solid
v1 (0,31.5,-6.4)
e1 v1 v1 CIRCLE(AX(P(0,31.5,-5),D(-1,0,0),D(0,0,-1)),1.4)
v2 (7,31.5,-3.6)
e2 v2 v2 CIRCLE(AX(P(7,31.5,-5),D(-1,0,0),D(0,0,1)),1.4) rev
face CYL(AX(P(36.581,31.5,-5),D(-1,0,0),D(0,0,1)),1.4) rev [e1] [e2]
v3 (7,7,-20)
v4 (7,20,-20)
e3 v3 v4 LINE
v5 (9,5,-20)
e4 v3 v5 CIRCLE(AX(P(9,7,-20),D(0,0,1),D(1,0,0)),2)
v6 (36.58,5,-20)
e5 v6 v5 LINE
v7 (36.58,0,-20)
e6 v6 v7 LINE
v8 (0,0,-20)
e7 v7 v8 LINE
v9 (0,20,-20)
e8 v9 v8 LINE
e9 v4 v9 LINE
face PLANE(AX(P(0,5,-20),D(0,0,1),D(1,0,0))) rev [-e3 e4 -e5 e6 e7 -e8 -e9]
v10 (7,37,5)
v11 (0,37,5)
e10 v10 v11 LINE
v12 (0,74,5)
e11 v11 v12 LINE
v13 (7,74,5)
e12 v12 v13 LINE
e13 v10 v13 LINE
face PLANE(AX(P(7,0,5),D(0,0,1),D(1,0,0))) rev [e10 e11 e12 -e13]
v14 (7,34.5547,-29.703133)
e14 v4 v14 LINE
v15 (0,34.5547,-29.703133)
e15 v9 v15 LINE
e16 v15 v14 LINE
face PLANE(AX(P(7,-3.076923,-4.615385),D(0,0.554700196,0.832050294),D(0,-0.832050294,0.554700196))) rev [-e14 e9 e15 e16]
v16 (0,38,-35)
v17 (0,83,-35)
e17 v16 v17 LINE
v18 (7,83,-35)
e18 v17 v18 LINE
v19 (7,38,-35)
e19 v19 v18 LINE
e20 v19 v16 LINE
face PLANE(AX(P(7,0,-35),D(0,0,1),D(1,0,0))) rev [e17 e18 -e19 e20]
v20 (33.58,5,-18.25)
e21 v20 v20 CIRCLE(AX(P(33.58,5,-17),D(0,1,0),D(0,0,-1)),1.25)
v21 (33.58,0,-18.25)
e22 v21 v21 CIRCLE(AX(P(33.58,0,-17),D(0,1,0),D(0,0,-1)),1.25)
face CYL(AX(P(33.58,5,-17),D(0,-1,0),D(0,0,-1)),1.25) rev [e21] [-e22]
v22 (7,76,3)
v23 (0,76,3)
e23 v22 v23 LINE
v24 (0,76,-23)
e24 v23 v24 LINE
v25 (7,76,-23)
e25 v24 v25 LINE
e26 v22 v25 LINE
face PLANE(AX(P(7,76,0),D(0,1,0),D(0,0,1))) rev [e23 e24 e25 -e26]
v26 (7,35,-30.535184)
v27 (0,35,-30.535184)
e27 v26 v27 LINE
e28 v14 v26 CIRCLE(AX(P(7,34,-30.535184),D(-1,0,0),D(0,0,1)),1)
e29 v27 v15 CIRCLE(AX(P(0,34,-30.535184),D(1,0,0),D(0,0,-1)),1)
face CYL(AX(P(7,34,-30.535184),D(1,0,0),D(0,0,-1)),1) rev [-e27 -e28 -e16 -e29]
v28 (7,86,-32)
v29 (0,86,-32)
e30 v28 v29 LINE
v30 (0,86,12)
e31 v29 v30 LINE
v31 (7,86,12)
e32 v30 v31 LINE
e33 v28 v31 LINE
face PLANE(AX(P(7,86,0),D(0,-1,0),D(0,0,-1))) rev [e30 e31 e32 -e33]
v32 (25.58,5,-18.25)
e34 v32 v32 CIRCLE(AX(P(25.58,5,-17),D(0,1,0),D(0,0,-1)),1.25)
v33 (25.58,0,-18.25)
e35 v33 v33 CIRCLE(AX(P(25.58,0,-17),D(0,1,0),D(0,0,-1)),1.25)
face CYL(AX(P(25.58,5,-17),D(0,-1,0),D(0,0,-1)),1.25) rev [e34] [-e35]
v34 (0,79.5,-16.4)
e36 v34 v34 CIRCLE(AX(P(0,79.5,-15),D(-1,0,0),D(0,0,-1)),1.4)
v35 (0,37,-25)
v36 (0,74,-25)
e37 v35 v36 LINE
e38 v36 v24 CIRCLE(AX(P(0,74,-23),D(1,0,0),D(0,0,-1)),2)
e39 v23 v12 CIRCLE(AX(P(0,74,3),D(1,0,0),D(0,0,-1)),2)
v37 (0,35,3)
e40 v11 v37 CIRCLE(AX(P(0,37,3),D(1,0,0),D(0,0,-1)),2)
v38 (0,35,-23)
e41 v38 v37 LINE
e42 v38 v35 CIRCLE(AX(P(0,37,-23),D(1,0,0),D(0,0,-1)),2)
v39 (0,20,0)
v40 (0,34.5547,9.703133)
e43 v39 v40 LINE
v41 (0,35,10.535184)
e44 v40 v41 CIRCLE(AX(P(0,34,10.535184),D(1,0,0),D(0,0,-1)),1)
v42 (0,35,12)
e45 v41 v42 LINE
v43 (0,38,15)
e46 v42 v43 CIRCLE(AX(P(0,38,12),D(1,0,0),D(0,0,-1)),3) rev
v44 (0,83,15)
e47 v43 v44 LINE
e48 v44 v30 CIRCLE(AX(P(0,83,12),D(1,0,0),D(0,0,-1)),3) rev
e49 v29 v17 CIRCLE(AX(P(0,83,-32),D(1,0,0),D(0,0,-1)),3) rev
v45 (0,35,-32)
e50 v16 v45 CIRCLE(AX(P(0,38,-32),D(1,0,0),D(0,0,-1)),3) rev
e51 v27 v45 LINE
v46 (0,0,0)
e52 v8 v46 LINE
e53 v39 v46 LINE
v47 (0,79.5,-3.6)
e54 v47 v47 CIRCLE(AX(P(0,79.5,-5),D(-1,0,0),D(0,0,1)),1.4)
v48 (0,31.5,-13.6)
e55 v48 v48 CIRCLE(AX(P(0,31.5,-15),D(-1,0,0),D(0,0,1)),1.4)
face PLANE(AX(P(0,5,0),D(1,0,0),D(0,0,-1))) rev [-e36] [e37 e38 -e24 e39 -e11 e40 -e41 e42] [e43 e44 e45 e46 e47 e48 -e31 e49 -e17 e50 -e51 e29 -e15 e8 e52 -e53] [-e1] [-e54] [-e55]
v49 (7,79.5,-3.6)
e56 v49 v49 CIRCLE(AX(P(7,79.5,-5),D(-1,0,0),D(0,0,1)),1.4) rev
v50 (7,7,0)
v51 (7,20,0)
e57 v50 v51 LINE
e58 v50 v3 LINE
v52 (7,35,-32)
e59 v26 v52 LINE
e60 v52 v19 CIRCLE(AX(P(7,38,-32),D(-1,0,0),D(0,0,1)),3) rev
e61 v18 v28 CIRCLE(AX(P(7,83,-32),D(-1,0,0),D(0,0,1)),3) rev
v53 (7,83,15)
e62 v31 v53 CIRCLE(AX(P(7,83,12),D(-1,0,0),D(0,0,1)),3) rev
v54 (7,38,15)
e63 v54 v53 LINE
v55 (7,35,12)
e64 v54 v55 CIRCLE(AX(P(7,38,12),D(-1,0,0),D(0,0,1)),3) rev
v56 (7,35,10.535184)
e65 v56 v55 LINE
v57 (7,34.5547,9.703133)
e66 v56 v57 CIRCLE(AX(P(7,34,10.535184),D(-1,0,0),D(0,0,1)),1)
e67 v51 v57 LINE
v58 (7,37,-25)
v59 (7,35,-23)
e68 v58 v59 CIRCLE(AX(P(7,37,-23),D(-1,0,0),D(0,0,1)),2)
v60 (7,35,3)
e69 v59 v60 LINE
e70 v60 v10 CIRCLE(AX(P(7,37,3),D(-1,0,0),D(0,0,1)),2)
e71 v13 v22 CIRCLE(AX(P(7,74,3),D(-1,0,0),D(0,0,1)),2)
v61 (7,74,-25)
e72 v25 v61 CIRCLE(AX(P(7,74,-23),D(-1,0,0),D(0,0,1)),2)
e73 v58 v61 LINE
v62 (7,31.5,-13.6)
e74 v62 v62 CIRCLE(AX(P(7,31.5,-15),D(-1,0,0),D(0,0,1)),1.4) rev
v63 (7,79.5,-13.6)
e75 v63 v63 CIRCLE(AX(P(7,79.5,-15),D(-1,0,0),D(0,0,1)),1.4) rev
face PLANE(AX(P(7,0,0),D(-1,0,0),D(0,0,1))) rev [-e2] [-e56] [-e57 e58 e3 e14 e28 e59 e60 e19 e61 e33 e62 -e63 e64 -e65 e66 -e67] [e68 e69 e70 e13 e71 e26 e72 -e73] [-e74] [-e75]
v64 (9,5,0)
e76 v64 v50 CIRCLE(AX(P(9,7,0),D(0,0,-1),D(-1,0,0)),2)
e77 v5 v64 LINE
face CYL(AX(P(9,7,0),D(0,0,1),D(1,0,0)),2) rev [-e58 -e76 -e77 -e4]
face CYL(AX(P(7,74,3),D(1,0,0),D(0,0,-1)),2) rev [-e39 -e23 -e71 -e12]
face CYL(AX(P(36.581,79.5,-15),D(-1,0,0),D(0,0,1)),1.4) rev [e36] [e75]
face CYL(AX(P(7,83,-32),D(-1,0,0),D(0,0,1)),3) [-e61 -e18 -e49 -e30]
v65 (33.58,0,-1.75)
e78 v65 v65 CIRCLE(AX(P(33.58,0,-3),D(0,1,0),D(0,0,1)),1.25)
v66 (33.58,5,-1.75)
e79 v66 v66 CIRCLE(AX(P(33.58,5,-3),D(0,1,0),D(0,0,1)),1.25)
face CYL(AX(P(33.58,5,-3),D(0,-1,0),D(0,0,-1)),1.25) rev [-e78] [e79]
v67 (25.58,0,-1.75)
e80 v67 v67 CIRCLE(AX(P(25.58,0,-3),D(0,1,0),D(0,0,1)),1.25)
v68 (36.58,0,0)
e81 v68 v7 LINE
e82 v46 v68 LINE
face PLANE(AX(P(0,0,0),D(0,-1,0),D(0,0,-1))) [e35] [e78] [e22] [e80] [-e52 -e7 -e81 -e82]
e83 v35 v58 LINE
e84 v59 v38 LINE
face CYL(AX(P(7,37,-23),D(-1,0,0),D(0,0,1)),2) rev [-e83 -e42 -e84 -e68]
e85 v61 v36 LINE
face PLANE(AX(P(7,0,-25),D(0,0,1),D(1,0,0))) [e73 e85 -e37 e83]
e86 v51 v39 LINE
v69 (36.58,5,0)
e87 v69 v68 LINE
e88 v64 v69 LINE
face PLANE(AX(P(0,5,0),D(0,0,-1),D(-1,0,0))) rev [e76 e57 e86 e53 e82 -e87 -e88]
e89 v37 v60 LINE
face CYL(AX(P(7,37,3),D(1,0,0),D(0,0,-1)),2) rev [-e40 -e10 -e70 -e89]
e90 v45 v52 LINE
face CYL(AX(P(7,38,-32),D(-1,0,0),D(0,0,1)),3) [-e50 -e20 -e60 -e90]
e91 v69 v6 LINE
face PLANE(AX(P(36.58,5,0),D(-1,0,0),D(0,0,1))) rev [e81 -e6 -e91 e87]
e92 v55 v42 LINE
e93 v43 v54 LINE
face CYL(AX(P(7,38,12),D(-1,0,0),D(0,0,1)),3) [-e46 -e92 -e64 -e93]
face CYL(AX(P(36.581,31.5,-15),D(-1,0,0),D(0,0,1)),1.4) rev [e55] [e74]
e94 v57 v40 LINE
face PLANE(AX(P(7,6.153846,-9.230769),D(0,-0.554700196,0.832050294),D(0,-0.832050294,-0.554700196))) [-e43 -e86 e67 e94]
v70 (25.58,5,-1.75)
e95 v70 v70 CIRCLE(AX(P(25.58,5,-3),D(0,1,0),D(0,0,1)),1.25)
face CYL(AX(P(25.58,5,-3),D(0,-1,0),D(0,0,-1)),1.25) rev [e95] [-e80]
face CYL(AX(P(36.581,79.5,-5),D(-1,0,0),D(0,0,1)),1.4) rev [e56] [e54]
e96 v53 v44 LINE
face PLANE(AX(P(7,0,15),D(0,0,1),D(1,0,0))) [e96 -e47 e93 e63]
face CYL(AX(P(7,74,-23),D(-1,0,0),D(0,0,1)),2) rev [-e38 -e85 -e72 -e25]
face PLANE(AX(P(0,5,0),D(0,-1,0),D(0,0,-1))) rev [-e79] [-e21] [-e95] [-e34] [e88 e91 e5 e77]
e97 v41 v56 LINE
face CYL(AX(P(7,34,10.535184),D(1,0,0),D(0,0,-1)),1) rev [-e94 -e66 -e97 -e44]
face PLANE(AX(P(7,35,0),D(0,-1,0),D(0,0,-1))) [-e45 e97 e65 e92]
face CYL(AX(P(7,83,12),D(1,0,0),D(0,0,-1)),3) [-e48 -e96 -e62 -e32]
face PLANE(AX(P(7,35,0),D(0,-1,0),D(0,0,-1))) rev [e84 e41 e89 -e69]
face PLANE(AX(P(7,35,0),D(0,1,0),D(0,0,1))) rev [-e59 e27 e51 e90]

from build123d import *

# Parameters (mm, degrees)
SKETCH1_W           = 36.58
SKETCH1_H           = 20
SKETCH1_R           = 1.25
BOSS_EXTRUDE1_DEPTH = 5
SKETCH3_W           = 20
SKETCH3_H           = 30
SKETCH3_W_2         = 10
SKETCH3_H_2         = 41
BOSS_EXTRUDE2_DEPTH = 7
FILLET1_R           = 3
FILLET2_R           = 1
CUT_EXTRUDE1_REACH  = 101.795
SKETCH6_R           = 1.4
FILLET3_R           = 2


with BuildPart() as part:
    # Sketch1 → Boss-Extrude1 (new body)
    with BuildSketch(Plane(origin=(0, 0, 0), x_dir=(1, 0, 0), z_dir=(0, 1, 0))):
        with Locations((18.29, 10)):
            Rectangle(SKETCH1_W, SKETCH1_H)
        with Locations(Location((25.58, 3, 0), (0, 0, 270))):
            Circle(SKETCH1_R, mode=Mode.SUBTRACT)
        with Locations(Location((33.58, 3, 0), (0, 0, 270))):
            Circle(SKETCH1_R, mode=Mode.SUBTRACT)
        with Locations(Location((33.58, 17, 0), (0, 0, 90))):
            Circle(SKETCH1_R, mode=Mode.SUBTRACT)
        with Locations(Location((25.58, 17, 0), (0, 0, 90))):
            Circle(SKETCH1_R, mode=Mode.SUBTRACT)
    extrude(amount=BOSS_EXTRUDE1_DEPTH)

    # Sketch3 → Boss-Extrude2 (add)
    with BuildSketch(Plane.ZY):
        with Locations((-10, 20)):
            Rectangle(SKETCH3_W, SKETCH3_H)
        Polygon((-20, 20), (-20, 35), (-25, 35), (-30, 35), align=None)
        with Locations((-30, 55.5)):
            Rectangle(SKETCH3_W_2, SKETCH3_H_2)
        Polygon((-25, 76), (5, 76), (15, 76), (15, 86), (-35, 86), (-35, 76), align=None)
        with Locations((10, 55.5)):
            Rectangle(SKETCH3_W_2, SKETCH3_H_2)
        Polygon((5, 35), (0, 35), (0, 20), (10, 35), align=None)
    extrude(amount=-BOSS_EXTRUDE2_DEPTH)

    # Fillet1
    fillet1_edges = [part.edges().sort_by_distance(p)[0] for p in [
        (3.5, 86, 15),
        (3.5, 35, 15),
        (3.5, 35, -35),
        (3.5, 86, -35),
    ]]
    fillet(fillet1_edges, radius=FILLET1_R)

    # Fillet2
    fillet2_edges = [part.edges().sort_by_distance(p)[0] for p in [
        (3.5, 35, 10),
        (3.5, 35, -30),
    ]]
    fillet(fillet2_edges, radius=FILLET2_R)

    # Sketch6 → Cut-Extrude1 (cut, up to next)
    with BuildSketch(Plane.ZY, mode=Mode.PRIVATE) as cut_extrude1_sk1:
        with Locations((-15, 31.5)):
            Circle(SKETCH6_R)
    cut_extrude1_tool1 = extrude(cut_extrude1_sk1.sketch, amount=-CUT_EXTRUDE1_REACH, mode=Mode.PRIVATE) & part.part
    # Sketch6 → Cut-Extrude1 (cut, up to next)
    with BuildSketch(Plane.ZY, mode=Mode.PRIVATE) as cut_extrude1_sk2:
        with Locations((-5, 31.5)):
            Circle(SKETCH6_R)
    cut_extrude1_tool2 = extrude(cut_extrude1_sk2.sketch, amount=-CUT_EXTRUDE1_REACH, mode=Mode.PRIVATE) & part.part
    # Sketch6 → Cut-Extrude1 (cut, up to next)
    with BuildSketch(Plane.ZY, mode=Mode.PRIVATE) as cut_extrude1_sk3:
        with Locations((-15, 79.5)):
            Circle(SKETCH6_R)
    cut_extrude1_tool3 = extrude(cut_extrude1_sk3.sketch, amount=-CUT_EXTRUDE1_REACH, mode=Mode.PRIVATE) & part.part
    # Sketch6 → Cut-Extrude1 (cut, up to next)
    with BuildSketch(Plane.ZY, mode=Mode.PRIVATE) as cut_extrude1_sk4:
        with Locations((-5, 79.5)):
            Circle(SKETCH6_R)
    cut_extrude1_tool4 = extrude(cut_extrude1_sk4.sketch, amount=-CUT_EXTRUDE1_REACH, mode=Mode.PRIVATE) & part.part
    add(cut_extrude1_tool1.solids().sort_by_distance((0, 31.5, -15))[0], mode=Mode.SUBTRACT)
    add(cut_extrude1_tool2.solids().sort_by_distance((0, 31.5, -5))[0], mode=Mode.SUBTRACT)
    add(cut_extrude1_tool3.solids().sort_by_distance((0, 79.5, -15))[0], mode=Mode.SUBTRACT)
    add(cut_extrude1_tool4.solids().sort_by_distance((0, 79.5, -5))[0], mode=Mode.SUBTRACT)

    # Fillet3
    fillet3_edges = [part.edges().sort_by_distance(p)[0] for p in [
        (3.5, 76, 5),
        (3.5, 76, -25),
        (3.5, 35, -25),
        (3.5, 35, 5),
        (7, 5, -10),
    ]]
    fillet(fillet3_edges, radius=FILLET3_R)


solid = part.part
